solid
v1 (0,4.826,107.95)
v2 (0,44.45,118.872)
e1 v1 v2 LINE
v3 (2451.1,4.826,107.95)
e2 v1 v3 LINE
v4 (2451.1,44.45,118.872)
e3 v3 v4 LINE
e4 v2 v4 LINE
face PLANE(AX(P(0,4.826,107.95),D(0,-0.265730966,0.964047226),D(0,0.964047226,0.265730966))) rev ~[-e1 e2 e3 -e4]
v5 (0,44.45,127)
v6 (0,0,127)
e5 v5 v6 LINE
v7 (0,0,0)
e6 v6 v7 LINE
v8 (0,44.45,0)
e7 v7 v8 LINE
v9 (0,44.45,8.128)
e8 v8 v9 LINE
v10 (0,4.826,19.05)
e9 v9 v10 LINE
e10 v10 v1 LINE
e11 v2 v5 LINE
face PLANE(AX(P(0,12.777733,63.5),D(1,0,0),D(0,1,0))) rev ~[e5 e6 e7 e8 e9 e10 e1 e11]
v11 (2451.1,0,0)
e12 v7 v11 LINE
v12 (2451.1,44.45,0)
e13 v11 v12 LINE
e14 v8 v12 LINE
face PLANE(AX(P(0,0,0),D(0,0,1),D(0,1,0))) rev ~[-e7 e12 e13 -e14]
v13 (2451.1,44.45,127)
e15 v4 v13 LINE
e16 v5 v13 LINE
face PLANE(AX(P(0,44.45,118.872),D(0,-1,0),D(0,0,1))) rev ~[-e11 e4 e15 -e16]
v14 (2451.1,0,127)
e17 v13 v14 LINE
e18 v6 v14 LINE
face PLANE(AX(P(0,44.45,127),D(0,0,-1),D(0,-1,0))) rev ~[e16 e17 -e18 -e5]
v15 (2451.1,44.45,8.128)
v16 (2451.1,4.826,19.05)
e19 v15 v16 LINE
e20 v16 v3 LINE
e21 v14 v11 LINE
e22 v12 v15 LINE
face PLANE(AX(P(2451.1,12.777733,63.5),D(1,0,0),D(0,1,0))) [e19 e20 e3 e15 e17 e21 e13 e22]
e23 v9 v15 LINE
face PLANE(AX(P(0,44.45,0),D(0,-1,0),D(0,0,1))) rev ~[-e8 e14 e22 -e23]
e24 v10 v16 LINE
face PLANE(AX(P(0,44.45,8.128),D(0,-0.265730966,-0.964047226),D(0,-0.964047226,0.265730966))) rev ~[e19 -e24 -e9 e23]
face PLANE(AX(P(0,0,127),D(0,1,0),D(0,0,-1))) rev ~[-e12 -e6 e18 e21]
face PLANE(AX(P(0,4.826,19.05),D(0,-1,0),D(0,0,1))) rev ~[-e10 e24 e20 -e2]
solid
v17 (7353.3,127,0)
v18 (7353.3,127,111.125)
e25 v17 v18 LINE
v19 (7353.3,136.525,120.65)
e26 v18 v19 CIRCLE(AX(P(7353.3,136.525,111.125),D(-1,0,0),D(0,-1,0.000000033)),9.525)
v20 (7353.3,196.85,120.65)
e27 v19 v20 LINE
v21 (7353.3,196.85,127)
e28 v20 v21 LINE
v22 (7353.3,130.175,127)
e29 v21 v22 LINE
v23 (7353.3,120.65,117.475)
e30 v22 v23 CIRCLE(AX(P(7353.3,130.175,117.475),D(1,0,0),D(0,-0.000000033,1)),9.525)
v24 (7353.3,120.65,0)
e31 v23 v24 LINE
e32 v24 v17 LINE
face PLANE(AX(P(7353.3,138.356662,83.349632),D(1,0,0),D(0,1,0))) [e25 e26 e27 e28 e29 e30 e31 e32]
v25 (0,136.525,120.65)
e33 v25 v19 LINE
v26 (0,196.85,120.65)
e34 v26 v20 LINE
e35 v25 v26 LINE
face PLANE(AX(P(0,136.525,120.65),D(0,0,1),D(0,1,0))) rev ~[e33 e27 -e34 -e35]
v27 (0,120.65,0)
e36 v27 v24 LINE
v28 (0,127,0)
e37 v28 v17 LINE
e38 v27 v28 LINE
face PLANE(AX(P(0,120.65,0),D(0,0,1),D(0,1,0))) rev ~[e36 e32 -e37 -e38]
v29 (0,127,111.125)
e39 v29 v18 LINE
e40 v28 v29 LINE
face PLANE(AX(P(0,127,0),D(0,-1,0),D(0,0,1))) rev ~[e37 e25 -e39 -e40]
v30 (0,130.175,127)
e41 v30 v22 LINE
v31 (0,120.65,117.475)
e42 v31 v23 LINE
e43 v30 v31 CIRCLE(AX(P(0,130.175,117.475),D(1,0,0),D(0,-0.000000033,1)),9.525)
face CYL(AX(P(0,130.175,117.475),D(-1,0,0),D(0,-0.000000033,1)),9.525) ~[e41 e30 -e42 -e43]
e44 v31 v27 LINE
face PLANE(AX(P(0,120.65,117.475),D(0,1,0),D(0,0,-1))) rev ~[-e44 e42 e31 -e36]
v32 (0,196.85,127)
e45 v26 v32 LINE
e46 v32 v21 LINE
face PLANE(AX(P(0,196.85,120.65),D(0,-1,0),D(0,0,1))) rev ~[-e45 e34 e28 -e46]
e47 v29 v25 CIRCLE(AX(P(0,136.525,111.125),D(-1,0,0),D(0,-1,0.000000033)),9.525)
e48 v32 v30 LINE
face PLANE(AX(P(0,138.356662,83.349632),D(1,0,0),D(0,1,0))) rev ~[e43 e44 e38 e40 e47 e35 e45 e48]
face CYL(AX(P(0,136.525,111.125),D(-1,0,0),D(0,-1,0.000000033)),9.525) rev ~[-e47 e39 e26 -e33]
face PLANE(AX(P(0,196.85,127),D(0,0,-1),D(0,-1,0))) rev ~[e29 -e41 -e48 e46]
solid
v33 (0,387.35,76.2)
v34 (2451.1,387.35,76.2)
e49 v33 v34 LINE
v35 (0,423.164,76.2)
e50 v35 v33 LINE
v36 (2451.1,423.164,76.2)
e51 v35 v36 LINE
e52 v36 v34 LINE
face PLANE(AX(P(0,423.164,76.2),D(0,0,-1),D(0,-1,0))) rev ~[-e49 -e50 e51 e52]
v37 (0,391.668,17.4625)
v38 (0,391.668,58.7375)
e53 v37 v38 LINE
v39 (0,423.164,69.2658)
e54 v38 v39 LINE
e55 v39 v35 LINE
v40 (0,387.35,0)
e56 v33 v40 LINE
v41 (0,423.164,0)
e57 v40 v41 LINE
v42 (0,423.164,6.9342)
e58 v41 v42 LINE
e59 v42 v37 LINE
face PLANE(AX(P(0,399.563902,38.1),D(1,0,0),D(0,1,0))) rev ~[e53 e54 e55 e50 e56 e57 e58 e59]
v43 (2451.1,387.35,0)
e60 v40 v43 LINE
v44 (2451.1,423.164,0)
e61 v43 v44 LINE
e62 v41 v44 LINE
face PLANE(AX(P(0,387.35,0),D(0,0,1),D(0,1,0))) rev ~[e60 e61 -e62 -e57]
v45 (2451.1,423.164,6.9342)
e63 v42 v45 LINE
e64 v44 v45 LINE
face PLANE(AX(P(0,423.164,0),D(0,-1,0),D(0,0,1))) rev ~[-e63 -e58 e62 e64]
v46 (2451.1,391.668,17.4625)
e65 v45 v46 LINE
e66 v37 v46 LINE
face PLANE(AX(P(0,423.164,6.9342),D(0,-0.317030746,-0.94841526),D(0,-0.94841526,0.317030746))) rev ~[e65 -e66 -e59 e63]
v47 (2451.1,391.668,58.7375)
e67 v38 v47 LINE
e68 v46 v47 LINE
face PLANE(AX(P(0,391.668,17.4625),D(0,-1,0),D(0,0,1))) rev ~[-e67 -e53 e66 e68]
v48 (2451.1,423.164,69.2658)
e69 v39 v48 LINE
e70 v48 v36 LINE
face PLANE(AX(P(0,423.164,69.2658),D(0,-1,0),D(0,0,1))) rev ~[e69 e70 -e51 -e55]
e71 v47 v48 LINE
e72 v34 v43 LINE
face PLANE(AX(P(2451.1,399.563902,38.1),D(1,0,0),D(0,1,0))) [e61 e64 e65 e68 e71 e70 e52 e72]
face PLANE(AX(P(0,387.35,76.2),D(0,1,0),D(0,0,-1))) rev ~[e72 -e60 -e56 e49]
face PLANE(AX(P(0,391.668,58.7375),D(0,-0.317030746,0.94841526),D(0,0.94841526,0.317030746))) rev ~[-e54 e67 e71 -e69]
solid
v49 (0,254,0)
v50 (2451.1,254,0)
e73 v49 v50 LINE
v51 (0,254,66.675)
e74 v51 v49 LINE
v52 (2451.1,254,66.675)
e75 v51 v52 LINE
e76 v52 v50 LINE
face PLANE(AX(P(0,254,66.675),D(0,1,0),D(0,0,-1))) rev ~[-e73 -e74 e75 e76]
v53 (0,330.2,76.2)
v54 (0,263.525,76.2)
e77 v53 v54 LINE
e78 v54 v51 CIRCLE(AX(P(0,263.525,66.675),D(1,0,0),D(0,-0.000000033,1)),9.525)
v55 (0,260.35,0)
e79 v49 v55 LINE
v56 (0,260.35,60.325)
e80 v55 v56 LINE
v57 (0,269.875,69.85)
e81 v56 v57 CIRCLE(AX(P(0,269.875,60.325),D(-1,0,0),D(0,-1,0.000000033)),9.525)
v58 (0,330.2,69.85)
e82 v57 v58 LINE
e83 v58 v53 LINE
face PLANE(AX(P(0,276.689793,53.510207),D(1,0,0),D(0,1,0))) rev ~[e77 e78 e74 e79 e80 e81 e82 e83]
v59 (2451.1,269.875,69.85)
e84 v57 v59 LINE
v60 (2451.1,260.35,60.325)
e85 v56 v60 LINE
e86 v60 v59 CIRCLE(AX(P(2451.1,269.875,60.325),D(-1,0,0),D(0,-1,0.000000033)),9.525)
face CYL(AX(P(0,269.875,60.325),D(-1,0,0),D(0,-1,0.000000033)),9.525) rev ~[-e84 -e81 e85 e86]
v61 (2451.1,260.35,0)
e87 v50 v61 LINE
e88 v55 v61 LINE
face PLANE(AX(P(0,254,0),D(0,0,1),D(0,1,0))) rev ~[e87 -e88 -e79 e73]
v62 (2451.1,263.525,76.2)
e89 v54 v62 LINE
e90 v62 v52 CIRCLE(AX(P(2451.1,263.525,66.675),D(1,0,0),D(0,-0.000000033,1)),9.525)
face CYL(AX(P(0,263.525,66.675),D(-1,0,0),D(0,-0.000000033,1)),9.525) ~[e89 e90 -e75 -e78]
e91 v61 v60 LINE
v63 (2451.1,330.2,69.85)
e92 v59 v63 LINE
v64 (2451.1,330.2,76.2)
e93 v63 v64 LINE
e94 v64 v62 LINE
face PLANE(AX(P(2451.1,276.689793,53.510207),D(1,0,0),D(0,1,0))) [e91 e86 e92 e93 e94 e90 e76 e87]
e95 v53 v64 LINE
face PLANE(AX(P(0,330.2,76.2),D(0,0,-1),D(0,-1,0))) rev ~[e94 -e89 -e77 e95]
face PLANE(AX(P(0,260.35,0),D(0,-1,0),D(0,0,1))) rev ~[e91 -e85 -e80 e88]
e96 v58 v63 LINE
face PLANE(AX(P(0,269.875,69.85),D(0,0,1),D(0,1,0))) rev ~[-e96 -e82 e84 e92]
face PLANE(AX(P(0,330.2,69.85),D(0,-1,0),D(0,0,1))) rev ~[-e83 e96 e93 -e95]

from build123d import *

# Parameters (mm, degrees)
F1_DEPTH = 2451.1
F2_DEPTH = 7353.3
F3_DEPTH = 2451.1
F4_DEPTH = 2451.1


with BuildPart() as f1:
    # F0 (on Right) → F1 (new body)
    with BuildSketch(Plane.YZ):
        Polygon((0, 127), (0, 0), (44.45, 0), (44.45, 8.128), (4.826, 19.05), (4.826, 107.95), (44.45, 118.872), (44.45, 127), align=None)
    extrude(amount=F1_DEPTH)


with BuildPart() as f2:
    # F0 (on Right) → F2 (new body)
    with BuildSketch(Plane.YZ):
        with BuildLine():
            Line((120.65, 117.475), (120.65, 0))
            Line((120.65, 0), (127, 0))
            Line((127, 0), (127, 111.125))
            ThreePointArc((127, 111.125), (129.789808, 117.860192), (136.525, 120.65))
            Line((136.525, 120.65), (196.85, 120.65))
            Line((196.85, 120.65), (196.85, 127))
            Line((196.85, 127), (130.175, 127))
            ThreePointArc((130.175, 127), (123.439808, 124.210192), (120.65, 117.475))
        make_face()
    extrude(amount=F2_DEPTH)


with BuildPart() as f3:
    # F0 (on Right) → F3 (new body)
    with BuildSketch(Plane.YZ):
        with BuildLine():
            Line((254, 66.675), (254, 0))
            Line((254, 0), (260.35, 0))
            Line((260.35, 0), (260.35, 60.325))
            ThreePointArc((260.35, 60.325), (263.139808, 67.060192), (269.875, 69.85))
            Line((269.875, 69.85), (330.2, 69.85))
            Line((330.2, 69.85), (330.2, 76.2))
            Line((330.2, 76.2), (263.525, 76.2))
            ThreePointArc((263.525, 76.2), (256.789808, 73.410192), (254, 66.675))
        make_face()
    extrude(amount=F3_DEPTH)


with BuildPart() as f4:
    # F0 (on Right) → F4 (new body)
    with BuildSketch(Plane.YZ):
        Polygon((387.35, 76.2), (387.35, 0), (423.164, 0), (423.164, 6.9342), (391.668, 17.4625), (391.668, 58.7375), (423.164, 69.2658), (423.164, 76.2), align=None)
    extrude(amount=F4_DEPTH)


solid = Compound([f1.part, f2.part, f3.part, f4.part])
